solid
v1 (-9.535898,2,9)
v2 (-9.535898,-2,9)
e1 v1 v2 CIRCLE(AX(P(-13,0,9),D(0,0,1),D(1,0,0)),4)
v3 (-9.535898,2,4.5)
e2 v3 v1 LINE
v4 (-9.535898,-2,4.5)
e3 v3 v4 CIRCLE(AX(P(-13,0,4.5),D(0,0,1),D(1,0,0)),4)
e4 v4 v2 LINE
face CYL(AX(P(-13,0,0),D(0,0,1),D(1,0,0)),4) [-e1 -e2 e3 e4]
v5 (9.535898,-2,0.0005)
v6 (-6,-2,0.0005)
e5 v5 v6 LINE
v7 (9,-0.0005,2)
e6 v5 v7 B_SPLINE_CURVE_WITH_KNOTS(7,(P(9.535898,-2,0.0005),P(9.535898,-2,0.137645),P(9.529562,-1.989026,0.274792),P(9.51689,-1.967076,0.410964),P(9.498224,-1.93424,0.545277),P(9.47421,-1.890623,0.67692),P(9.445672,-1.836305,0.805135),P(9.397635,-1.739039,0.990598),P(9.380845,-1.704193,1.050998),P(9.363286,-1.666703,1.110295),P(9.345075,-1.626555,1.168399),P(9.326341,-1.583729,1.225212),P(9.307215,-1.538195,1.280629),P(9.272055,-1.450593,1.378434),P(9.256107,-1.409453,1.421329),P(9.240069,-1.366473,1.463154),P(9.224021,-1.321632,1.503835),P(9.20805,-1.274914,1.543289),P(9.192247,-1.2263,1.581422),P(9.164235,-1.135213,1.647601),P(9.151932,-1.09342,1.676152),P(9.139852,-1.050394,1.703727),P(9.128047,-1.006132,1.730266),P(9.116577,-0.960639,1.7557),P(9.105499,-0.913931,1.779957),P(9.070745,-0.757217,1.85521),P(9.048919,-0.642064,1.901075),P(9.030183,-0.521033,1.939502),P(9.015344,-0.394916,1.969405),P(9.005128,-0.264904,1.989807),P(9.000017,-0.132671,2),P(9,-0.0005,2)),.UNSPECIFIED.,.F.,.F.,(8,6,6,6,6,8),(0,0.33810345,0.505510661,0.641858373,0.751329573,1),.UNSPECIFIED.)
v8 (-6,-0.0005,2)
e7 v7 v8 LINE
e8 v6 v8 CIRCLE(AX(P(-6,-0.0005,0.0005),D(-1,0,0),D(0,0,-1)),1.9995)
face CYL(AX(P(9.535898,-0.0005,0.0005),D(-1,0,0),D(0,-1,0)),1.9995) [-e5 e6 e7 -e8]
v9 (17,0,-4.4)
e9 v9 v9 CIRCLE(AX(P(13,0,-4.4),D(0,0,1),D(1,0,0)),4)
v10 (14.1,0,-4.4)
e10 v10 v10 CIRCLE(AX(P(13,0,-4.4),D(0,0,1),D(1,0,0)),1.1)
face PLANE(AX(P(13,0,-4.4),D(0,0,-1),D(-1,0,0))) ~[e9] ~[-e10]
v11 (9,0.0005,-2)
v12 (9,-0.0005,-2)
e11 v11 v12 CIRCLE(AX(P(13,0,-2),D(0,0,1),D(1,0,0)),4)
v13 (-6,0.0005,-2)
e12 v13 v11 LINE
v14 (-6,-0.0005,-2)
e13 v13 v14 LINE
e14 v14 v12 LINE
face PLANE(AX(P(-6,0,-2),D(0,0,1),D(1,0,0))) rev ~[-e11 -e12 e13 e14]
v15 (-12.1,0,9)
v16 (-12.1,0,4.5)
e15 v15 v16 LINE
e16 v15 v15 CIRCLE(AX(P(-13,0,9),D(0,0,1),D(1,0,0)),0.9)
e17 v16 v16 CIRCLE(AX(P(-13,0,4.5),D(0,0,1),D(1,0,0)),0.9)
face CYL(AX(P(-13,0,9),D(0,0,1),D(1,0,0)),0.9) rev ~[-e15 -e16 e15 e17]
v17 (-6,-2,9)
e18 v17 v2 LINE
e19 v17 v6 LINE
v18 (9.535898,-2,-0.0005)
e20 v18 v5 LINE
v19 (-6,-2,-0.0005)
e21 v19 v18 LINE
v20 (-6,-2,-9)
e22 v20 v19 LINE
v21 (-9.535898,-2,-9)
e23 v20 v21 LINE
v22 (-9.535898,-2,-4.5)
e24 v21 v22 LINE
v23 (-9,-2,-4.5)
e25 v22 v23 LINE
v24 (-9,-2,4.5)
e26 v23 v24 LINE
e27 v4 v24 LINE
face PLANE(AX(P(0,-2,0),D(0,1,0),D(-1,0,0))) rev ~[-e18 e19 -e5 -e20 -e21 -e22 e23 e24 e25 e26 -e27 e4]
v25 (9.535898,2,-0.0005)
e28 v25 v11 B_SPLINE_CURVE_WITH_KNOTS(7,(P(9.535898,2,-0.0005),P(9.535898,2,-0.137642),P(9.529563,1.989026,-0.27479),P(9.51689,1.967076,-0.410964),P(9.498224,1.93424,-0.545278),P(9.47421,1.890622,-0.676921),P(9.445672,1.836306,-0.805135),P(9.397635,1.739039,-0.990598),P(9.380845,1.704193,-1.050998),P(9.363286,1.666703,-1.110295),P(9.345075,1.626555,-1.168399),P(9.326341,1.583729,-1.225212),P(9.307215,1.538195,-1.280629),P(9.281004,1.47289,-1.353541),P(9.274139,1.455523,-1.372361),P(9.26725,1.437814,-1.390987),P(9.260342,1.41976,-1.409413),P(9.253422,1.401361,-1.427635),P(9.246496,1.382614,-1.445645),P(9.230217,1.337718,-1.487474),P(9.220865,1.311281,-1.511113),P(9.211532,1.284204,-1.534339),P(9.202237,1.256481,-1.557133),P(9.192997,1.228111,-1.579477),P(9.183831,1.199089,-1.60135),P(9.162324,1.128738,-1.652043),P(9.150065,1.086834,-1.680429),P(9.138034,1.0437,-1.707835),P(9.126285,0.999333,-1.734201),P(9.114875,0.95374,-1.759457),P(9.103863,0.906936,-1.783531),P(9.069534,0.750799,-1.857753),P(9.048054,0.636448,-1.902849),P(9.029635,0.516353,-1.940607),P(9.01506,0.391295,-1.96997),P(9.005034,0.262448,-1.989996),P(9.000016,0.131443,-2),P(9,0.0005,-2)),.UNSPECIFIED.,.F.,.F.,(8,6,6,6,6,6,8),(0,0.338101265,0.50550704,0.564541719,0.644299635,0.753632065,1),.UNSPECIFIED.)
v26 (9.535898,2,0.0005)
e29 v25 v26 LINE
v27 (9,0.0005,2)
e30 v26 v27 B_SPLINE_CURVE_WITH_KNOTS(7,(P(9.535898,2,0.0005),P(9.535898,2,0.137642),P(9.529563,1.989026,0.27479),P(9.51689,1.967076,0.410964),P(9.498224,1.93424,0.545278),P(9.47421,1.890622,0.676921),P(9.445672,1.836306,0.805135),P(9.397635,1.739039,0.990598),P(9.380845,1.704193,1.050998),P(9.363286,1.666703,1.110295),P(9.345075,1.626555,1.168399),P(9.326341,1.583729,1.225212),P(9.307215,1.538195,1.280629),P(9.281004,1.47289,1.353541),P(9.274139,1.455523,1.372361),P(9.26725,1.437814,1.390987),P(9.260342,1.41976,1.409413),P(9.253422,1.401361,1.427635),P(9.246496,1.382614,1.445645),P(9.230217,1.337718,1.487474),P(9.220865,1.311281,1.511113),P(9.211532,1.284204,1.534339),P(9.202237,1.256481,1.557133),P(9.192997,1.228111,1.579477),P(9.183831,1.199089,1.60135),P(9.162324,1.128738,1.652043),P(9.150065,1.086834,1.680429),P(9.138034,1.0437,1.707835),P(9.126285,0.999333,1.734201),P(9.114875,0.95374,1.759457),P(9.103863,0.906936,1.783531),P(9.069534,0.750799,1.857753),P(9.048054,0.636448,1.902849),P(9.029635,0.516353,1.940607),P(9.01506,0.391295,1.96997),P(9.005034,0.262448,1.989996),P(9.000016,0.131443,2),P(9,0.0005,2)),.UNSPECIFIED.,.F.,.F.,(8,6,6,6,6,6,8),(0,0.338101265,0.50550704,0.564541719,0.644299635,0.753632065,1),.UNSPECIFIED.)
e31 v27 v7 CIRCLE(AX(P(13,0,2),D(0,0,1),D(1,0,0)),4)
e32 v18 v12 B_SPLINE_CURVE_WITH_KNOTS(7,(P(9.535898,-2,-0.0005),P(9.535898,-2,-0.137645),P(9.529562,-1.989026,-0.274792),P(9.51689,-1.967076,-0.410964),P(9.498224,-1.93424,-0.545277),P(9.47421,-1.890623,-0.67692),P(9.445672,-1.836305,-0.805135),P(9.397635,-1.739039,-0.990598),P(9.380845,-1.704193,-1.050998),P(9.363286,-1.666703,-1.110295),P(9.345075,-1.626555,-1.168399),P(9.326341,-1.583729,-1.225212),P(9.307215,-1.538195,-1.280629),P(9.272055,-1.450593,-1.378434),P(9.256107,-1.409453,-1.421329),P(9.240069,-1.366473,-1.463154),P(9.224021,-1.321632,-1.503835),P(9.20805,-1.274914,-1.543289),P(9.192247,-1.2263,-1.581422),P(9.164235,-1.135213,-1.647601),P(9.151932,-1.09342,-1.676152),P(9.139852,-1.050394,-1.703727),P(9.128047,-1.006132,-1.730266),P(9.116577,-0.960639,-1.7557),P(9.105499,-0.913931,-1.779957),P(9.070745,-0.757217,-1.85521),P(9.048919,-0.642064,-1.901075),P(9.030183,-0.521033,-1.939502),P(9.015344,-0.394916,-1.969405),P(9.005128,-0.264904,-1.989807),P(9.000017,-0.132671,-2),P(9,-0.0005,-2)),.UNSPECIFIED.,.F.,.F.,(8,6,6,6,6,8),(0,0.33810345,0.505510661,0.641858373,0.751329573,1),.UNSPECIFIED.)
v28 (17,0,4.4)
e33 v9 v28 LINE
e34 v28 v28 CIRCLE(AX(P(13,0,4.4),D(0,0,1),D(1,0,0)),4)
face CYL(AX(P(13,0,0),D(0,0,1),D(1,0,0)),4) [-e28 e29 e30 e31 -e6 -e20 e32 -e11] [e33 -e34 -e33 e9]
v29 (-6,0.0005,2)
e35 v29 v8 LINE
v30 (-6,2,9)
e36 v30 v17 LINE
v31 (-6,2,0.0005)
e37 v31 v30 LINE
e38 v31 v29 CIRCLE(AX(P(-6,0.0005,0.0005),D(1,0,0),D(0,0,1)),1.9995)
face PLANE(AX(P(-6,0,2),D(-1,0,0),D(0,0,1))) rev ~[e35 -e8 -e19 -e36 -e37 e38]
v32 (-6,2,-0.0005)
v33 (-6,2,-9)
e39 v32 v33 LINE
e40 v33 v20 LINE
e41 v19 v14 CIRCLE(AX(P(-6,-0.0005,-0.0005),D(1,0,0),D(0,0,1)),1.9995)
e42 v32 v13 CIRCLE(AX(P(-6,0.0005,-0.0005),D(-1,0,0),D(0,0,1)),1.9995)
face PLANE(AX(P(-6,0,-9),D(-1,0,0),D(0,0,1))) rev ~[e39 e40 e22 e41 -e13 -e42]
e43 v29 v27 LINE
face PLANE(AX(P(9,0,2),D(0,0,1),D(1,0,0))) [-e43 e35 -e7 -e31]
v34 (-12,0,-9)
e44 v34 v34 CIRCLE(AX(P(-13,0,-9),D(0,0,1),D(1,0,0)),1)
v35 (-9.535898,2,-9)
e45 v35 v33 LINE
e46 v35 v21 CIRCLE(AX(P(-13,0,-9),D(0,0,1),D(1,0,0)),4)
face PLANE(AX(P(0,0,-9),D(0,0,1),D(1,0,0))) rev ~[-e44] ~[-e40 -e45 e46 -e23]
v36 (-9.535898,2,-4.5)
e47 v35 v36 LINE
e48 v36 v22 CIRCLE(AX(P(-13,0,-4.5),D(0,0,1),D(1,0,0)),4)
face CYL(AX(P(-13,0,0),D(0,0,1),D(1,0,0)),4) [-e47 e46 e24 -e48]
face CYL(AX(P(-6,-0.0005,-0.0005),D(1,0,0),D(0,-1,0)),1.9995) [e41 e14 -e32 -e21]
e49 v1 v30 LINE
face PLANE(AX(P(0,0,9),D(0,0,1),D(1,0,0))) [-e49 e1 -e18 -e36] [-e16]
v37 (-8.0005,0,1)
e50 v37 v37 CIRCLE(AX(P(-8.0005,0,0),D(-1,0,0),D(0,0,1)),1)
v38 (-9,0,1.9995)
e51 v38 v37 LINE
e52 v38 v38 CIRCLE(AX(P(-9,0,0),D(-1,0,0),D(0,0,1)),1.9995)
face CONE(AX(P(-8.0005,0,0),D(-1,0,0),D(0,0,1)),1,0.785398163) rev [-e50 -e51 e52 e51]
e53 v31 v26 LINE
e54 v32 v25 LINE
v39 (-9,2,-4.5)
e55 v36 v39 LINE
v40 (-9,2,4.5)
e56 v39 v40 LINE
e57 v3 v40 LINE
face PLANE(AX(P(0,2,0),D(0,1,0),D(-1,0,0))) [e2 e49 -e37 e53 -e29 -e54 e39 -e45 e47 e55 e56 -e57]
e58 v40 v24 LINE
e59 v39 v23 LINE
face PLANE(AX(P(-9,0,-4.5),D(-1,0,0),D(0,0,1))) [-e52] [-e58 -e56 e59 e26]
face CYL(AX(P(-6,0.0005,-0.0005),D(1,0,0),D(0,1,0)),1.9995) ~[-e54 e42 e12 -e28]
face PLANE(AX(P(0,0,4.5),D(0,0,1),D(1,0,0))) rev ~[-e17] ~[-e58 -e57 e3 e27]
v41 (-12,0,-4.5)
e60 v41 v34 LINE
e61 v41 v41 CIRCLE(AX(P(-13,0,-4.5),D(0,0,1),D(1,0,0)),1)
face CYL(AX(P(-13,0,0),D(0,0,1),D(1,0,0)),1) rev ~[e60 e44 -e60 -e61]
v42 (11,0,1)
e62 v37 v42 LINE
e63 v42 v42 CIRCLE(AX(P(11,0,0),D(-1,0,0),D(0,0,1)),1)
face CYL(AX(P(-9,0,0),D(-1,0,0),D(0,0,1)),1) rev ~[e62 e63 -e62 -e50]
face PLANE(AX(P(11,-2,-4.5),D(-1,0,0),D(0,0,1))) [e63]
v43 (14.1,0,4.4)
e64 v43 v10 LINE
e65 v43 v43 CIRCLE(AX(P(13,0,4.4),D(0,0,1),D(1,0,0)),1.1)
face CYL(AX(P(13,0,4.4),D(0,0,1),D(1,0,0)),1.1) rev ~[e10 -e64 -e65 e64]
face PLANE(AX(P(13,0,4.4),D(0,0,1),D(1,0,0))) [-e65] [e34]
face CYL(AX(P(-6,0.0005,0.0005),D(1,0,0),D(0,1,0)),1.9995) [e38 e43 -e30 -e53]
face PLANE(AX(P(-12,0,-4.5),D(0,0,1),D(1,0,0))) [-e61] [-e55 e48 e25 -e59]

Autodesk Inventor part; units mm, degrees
ref_plane "YZ Plane" through (0, 0, 0) normal (1, 0, 0) x (0, 1, 0)
ref_plane "XZ Plane" through (0, 0, 0) normal (0, 1, 0) x (-1, 0, 0)
ref_plane "XY Plane" through (0, 0, 0) normal (0, 0, 1) x (1, 0, 0)
sketch "Sketch1" plane through (0, 0, 0) normal (0, 0, 1) x (1, 0, 0)
  circle A0 centre (-13, 0) radius 1
  circle A1 centre (13, 0) radius 1
  circle A2 centre (-13, 0) radius 4
  circle A3 centre (13, 0) radius 4
  point P0 (0, 0)
  dimension "d0" = 2
  dimension "d1" = 2
  dimension "d3" = 26
  dimension "d4" = 13
  dimension "d5" = 8
  dimension "d6" = 8
extrude "Extrusion1" add sketch "Sketch1" against normal mid plane 18
sketch "Sketch2" plane through (0, 0, 0) normal (0, 0, 1) x (1, 0, 0)
  circle A0 centre (-13, 0) radius 4 projected
  circle A1 centre (-13, 0) radius 1 projected
  point P0 (0, 0)
extrude "Extrusion2" cut sketch "Sketch2" against normal mid plane 9
sketch "Sketch3" plane through (-13, 0, -4.5) normal (0, 0, 1) x (1, 0, 0)
  circle A0 centre (26, 0) radius 4 projected
  circle A1 centre (26, 0) radius 4 projected
  circle A2 centre (26, 0) radius 1 projected
  point P0 (13, 0)
extrude "Extrusion3" cut sketch "Sketch3" against normal blind 4.5
mirror "Mirror1" about plane through (0, 0, 0) normal (0, 0, 1) of "Extrusion3"
sketch "Sketch6" plane through (0, 0, 0) normal (0, 1, 0) x (-1, 0, 0)
  line L0 (-9, -4.5) -> (-12, -4.5) construction
  line L1 (-12, -4.5) -> (-12, 4.5) construction
  line L2 (-12, 4.5) -> (-9, 4.5) construction
  line L3 (-9, 4.5) -> (-9, -4.5) construction
  line L4 (-14, -4.5) -> (-17, -4.5) construction
  line L5 (-17, -4.5) -> (-17, 4.5) construction
  line L6 (-17, 4.5) -> (-14, 4.5) construction
  line L7 (-14, 4.5) -> (-14, -4.5) construction
  line L8 (9, 9) -> (12, 9) construction
  line L9 (12, 9) -> (12, 4.5) construction
  line L10 (12, 4.5) -> (9, 4.5) construction
  line L11 (9, 4.5) -> (9, 9) construction
  line L12 (14, 9) -> (17, 9) construction
  line L13 (17, 9) -> (17, 4.5) construction
  line L14 (17, 4.5) -> (14, 4.5) construction
  line L15 (14, 4.5) -> (14, 9) construction
  line L16 (17, -9) -> (14, -9) construction
  line L17 (14, -9) -> (14, -4.5) construction
  line L18 (14, -4.5) -> (17, -4.5) construction
  line L19 (17, -4.5) -> (17, -9) construction
  line L20 (12, -9) -> (9, -9) construction
  line L21 (9, -9) -> (9, -4.5) construction
  line L22 (9, -4.5) -> (12, -4.5) construction
  line L23 (12, -4.5) -> (12, -9) construction
  line L24 (9, -9) -> (17, -9) construction
  line L25 (9, -9) -> (6, -9)
  line L26 (6, -9) -> (6, -2)
  line L27 (6, -2) -> (-9, -2)
  line L28 (-9, 4.5) -> (-9, -4.5) construction
  line L29 (-9, 2) -> (6, 2)
  line L30 (6, 2) -> (6, 9)
  line L31 (6, 9) -> (9, 9)
  line L32 (9, -4.5) -> (17, -4.5) construction
  line L33 (9, -4.5) -> (9, 4.5)
  line L34 (-9, -2) -> (-12, -2)
  line L35 (-12, -4.5) -> (-12, 4.5) projected
  line L36 (-9, 2) -> (-12, 2)
  line L37 (9, -9) -> (12, -9)
  line L38 (12, -4.5) -> (9, -4.5)
  line L39 (14, -4.5) -> (12, -4.5) projected
  line L40 (12, -4.5) -> (12, -9)
  line L41 (12, -9) -> (12, -4.5) projected
  line L42 (12, 4.5) -> (14, 4.5) projected
  line L43 (17, 4.5) -> (9, 4.5) projected
  line L44 (12, 4.5) -> (9, 4.5)
  line L45 (12, 9) -> (14, 9) projected
  line L46 (12, 4.5) -> (12, 9)
  line L47 (17, 9) -> (9, 9) projected
  line L48 (12, 9) -> (9, 9)
  point P0 (0, 0)
  dimension "d16" = 3
  dimension "d17" = 4
  dimension "d18" = 2
extrude "Extrusion4" add sketch "Sketch6" against normal mid plane 4
sketch "Sketch7" plane through (-9, -2, -4.5) normal (-1, 0, 0) x (0, 0, 1)
  circle A0 centre (4.5, 2) radius 1
  dimension "d21" = 2
extrude "Extrusion5" cut sketch "Sketch7" against normal blind 20
chamfer "Chamfer1" distance 1 angle 45 1 edges at (-9, 0, -1)
fillet "Fillet1" radius 2 4 edges at (1.7679, 2, 2) (1.7679, 2, -2) (1.7679, -2, -2) (1.7679, -2, 2)
sketch "Sketch9" plane through (0, 0, 9) normal (0, 0, 1) x (1, 0, 0)
  circle A0 centre (-13, 0) radius 1 projected
  circle A1 centre (-13, 0) radius 0.9
  point P0 (0, 0)
  dimension "d29" = 1.8
extrude "TREAD" add sketch "Sketch9" against normal up to surface (4.5 mm away)
sketch "Sketch11" plane through (13, 0, 4.5) normal (0, 0, 1) x (1, 0, 0)
  circle A0 centre (0, 0) radius 4 projected
  circle A1 centre (0, 0) radius 1 projected
  point P0 (-13, 0)
extrude "thin" cut sketch "Sketch11" against normal blind 0.1
mirror "Mirror2" about plane through (0, 0, 0) normal (0, 0, 1) of "thin"
sketch "Sketch12" plane through (13, 0, 4.4) normal (0, 0, 1) x (1, 0, 0)
  circle A0 centre (0, 0) radius 1 construction
  circle A1 centre (0, 0) radius 1.1
  point P0 (-13, 0)
  dimension "d34" = 2.2
extrude "Extrusion8" cut sketch "Sketch12" against normal up to surface (8.8 mm away)
equation "\"d4\" = 0.5 * d3"
equation "\"d6\" = d5"
equation "\"d18\" = 0.5 * d17"
properties part number "tOLERNECED_Phalalnge_28mm"
